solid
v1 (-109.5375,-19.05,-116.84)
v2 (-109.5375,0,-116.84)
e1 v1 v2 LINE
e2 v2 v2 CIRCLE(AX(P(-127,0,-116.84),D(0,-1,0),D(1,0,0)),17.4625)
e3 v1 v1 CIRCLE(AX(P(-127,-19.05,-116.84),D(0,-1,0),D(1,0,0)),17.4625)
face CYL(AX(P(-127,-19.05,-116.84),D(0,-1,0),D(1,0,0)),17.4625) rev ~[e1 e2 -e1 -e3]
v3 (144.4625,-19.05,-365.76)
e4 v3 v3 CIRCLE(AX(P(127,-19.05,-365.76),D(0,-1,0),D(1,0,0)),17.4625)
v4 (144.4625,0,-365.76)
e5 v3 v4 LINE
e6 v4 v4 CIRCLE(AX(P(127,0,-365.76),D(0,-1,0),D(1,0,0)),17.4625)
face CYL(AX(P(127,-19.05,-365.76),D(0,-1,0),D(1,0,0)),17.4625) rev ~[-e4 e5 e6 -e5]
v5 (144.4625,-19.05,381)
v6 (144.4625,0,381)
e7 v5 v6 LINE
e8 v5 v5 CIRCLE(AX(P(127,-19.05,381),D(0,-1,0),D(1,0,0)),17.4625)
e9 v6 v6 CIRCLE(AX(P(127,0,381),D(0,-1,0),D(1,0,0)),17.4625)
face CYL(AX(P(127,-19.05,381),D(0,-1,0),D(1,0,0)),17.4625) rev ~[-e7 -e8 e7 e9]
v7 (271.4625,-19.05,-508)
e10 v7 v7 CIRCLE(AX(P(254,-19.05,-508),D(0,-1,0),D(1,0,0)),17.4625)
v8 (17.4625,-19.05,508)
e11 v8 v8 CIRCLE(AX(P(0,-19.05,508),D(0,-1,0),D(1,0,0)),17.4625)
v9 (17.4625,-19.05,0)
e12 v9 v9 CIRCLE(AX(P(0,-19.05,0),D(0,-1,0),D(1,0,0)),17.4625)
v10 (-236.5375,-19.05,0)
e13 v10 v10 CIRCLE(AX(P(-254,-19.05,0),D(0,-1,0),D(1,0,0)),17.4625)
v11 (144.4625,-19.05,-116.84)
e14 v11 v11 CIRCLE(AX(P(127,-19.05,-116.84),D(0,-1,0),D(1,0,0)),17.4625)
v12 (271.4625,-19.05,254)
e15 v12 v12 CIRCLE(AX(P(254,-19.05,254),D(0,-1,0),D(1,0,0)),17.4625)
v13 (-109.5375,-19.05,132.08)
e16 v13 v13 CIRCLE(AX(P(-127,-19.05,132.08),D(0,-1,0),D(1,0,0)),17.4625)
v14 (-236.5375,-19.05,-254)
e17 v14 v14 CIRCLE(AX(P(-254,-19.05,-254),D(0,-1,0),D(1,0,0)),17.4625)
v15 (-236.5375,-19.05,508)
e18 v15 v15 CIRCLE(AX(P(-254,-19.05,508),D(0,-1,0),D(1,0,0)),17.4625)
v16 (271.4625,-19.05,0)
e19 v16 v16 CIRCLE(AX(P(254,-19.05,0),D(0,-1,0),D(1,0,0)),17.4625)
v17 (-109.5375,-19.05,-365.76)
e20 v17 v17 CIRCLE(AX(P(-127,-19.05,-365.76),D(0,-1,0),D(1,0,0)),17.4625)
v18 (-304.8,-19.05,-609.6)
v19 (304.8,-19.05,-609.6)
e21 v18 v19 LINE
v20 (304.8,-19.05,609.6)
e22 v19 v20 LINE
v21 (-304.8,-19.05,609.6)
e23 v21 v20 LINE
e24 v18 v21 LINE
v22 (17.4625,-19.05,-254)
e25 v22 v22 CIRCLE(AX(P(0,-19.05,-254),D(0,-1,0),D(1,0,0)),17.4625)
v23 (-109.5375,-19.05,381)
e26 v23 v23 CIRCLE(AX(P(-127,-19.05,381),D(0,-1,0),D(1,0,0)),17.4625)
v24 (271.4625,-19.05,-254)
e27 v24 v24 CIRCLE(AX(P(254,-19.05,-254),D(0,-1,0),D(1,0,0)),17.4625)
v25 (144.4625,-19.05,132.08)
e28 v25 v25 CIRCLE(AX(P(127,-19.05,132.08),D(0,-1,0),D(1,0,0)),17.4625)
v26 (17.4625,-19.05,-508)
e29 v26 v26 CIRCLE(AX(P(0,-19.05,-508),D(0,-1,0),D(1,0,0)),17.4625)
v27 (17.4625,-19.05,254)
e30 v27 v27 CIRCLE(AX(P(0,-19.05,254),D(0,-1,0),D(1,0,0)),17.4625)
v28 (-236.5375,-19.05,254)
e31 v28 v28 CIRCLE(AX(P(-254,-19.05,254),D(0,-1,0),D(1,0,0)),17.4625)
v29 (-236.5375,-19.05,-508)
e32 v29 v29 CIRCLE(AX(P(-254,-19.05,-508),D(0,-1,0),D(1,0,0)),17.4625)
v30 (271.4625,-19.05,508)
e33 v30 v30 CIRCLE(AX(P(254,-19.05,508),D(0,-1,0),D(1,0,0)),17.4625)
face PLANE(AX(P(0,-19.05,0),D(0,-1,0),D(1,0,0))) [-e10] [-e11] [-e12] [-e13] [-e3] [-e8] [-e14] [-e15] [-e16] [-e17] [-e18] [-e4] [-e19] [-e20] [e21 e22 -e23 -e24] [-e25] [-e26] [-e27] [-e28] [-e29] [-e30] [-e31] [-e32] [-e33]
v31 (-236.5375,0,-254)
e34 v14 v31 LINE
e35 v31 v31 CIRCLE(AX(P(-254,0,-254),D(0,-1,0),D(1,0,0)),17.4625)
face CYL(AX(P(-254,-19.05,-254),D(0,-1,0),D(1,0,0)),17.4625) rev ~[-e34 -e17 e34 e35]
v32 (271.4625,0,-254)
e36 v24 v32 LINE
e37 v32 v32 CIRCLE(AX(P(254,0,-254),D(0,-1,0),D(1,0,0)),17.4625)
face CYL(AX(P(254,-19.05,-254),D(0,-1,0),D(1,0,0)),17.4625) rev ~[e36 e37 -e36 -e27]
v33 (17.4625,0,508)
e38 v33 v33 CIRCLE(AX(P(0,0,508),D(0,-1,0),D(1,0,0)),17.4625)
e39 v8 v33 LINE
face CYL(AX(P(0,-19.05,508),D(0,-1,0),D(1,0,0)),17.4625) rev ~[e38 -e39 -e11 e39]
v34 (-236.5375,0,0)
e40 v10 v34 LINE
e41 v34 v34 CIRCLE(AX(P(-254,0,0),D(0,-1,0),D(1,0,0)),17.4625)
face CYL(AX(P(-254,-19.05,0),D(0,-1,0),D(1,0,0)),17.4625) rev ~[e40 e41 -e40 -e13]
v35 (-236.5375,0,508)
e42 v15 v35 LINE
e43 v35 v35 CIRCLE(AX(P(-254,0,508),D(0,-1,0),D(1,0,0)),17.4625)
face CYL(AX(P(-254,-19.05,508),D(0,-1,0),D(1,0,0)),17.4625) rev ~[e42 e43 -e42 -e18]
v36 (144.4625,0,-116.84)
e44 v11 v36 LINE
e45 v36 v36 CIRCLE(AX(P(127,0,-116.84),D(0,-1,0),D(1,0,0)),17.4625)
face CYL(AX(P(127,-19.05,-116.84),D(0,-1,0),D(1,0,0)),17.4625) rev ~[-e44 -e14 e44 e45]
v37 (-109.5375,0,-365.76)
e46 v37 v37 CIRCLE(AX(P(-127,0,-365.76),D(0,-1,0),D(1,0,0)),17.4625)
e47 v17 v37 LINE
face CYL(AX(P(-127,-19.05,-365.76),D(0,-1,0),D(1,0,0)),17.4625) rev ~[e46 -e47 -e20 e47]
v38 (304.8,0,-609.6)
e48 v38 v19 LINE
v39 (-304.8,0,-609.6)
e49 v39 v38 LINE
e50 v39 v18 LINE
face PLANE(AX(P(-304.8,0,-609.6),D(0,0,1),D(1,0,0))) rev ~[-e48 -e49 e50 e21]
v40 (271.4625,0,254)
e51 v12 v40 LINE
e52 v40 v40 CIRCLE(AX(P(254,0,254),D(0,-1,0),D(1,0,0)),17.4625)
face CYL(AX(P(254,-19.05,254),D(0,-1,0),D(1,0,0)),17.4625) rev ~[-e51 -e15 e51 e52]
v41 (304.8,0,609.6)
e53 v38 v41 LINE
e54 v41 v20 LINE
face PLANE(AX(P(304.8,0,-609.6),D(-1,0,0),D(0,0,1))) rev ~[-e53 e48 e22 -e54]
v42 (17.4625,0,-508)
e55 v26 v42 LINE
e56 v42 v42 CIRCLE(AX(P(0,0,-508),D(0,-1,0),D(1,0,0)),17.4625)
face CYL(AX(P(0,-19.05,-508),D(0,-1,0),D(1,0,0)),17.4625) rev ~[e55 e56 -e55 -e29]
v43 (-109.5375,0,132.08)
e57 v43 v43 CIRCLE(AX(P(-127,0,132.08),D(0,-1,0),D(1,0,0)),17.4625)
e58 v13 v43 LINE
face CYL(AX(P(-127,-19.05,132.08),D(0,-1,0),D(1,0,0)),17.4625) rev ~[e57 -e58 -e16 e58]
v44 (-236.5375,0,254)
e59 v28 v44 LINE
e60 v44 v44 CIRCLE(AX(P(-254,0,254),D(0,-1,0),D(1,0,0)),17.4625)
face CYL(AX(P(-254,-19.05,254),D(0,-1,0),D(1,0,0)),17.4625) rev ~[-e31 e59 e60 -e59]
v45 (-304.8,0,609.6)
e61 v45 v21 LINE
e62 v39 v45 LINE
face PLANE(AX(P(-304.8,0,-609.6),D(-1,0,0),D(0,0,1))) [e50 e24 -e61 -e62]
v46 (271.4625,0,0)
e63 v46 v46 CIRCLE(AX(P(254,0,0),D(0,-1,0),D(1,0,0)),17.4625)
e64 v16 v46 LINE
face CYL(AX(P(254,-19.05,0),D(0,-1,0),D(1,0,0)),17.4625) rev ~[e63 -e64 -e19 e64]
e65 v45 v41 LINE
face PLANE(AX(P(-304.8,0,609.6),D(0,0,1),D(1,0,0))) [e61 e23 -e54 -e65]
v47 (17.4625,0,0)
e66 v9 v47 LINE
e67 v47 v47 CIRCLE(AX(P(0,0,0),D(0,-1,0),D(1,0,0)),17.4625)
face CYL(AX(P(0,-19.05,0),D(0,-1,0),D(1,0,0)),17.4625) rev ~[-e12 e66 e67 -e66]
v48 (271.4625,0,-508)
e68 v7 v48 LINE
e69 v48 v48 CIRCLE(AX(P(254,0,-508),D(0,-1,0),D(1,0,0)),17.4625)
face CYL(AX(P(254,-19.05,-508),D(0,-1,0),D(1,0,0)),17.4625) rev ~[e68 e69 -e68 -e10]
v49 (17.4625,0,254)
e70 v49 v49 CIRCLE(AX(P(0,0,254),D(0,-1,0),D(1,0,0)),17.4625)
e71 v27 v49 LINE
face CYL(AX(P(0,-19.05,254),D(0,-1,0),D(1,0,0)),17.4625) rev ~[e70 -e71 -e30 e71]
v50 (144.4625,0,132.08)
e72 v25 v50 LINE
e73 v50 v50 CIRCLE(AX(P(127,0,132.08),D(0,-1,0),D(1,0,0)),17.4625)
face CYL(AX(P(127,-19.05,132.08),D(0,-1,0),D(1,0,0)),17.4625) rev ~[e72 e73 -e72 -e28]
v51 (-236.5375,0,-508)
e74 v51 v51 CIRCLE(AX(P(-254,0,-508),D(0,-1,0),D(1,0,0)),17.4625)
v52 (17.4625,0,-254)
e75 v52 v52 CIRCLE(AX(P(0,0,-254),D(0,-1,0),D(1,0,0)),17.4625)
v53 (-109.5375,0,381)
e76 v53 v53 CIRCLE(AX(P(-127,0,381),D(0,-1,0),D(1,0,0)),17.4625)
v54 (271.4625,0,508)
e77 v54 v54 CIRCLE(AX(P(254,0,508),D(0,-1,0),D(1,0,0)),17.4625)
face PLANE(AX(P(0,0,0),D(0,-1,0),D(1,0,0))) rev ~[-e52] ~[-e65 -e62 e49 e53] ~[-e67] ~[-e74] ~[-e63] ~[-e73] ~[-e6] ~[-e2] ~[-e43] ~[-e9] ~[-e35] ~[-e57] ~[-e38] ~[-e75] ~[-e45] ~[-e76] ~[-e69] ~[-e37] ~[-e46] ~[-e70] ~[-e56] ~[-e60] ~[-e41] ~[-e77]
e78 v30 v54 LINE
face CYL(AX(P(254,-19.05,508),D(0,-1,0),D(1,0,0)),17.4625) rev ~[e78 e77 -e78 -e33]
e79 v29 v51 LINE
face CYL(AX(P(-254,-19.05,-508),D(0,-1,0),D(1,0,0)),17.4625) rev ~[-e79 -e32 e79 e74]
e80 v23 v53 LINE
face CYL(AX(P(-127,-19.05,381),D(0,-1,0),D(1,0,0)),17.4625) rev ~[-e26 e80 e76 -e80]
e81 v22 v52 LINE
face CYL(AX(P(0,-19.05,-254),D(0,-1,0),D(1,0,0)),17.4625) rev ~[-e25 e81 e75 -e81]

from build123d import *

# Parameters (mm, degrees)
F0_W     = 609.6
F0_H     = 1219.2
F1_DEPTH = 19.05
F2_R     = 17.4625
F3_DEPTH = 19.051


with BuildPart() as f1:
    # F0 (on Front) → F1 (new body)
    with BuildSketch(Plane.XZ):
        Rectangle(F0_W, F0_H)
    extrude(amount=F1_DEPTH)

    # F2 (on face) → F3 (cut, through all)
    with BuildSketch(Plane.XZ.offset(19.05)):
        with Locations((-254, 508)):
            Circle(F2_R)
        with Locations((-254, 254)):
            Circle(F2_R)
        with Locations((-254, 0)):
            Circle(F2_R)
        with Locations((-254, -254)):
            Circle(F2_R)
        with Locations((-254, -508)):
            Circle(F2_R)
        with Locations((0, 508)):
            Circle(F2_R)
        with Locations((0, 254)):
            Circle(F2_R)
        Circle(F2_R)
        with Locations((0, -254)):
            Circle(F2_R)
        with Locations((0, -508)):
            Circle(F2_R)
        with Locations((254, 508)):
            Circle(F2_R)
        with Locations((254, 254)):
            Circle(F2_R)
        with Locations((254, 0)):
            Circle(F2_R)
        with Locations((254, -254)):
            Circle(F2_R)
        with Locations((254, -508)):
            Circle(F2_R)
        with Locations((-127, 381)):
            Circle(F2_R)
        with Locations((-127, 132.08)):
            Circle(F2_R)
        with Locations((-127, -116.84)):
            Circle(F2_R)
        with Locations((-127, -365.76)):
            Circle(F2_R)
        with Locations((127, 381)):
            Circle(F2_R)
        with Locations((127, 132.08)):
            Circle(F2_R)
        with Locations((127, -116.84)):
            Circle(F2_R)
        with Locations((127, -365.76)):
            Circle(F2_R)
    extrude(amount=-F3_DEPTH, mode=Mode.SUBTRACT)


solid = f1.part
